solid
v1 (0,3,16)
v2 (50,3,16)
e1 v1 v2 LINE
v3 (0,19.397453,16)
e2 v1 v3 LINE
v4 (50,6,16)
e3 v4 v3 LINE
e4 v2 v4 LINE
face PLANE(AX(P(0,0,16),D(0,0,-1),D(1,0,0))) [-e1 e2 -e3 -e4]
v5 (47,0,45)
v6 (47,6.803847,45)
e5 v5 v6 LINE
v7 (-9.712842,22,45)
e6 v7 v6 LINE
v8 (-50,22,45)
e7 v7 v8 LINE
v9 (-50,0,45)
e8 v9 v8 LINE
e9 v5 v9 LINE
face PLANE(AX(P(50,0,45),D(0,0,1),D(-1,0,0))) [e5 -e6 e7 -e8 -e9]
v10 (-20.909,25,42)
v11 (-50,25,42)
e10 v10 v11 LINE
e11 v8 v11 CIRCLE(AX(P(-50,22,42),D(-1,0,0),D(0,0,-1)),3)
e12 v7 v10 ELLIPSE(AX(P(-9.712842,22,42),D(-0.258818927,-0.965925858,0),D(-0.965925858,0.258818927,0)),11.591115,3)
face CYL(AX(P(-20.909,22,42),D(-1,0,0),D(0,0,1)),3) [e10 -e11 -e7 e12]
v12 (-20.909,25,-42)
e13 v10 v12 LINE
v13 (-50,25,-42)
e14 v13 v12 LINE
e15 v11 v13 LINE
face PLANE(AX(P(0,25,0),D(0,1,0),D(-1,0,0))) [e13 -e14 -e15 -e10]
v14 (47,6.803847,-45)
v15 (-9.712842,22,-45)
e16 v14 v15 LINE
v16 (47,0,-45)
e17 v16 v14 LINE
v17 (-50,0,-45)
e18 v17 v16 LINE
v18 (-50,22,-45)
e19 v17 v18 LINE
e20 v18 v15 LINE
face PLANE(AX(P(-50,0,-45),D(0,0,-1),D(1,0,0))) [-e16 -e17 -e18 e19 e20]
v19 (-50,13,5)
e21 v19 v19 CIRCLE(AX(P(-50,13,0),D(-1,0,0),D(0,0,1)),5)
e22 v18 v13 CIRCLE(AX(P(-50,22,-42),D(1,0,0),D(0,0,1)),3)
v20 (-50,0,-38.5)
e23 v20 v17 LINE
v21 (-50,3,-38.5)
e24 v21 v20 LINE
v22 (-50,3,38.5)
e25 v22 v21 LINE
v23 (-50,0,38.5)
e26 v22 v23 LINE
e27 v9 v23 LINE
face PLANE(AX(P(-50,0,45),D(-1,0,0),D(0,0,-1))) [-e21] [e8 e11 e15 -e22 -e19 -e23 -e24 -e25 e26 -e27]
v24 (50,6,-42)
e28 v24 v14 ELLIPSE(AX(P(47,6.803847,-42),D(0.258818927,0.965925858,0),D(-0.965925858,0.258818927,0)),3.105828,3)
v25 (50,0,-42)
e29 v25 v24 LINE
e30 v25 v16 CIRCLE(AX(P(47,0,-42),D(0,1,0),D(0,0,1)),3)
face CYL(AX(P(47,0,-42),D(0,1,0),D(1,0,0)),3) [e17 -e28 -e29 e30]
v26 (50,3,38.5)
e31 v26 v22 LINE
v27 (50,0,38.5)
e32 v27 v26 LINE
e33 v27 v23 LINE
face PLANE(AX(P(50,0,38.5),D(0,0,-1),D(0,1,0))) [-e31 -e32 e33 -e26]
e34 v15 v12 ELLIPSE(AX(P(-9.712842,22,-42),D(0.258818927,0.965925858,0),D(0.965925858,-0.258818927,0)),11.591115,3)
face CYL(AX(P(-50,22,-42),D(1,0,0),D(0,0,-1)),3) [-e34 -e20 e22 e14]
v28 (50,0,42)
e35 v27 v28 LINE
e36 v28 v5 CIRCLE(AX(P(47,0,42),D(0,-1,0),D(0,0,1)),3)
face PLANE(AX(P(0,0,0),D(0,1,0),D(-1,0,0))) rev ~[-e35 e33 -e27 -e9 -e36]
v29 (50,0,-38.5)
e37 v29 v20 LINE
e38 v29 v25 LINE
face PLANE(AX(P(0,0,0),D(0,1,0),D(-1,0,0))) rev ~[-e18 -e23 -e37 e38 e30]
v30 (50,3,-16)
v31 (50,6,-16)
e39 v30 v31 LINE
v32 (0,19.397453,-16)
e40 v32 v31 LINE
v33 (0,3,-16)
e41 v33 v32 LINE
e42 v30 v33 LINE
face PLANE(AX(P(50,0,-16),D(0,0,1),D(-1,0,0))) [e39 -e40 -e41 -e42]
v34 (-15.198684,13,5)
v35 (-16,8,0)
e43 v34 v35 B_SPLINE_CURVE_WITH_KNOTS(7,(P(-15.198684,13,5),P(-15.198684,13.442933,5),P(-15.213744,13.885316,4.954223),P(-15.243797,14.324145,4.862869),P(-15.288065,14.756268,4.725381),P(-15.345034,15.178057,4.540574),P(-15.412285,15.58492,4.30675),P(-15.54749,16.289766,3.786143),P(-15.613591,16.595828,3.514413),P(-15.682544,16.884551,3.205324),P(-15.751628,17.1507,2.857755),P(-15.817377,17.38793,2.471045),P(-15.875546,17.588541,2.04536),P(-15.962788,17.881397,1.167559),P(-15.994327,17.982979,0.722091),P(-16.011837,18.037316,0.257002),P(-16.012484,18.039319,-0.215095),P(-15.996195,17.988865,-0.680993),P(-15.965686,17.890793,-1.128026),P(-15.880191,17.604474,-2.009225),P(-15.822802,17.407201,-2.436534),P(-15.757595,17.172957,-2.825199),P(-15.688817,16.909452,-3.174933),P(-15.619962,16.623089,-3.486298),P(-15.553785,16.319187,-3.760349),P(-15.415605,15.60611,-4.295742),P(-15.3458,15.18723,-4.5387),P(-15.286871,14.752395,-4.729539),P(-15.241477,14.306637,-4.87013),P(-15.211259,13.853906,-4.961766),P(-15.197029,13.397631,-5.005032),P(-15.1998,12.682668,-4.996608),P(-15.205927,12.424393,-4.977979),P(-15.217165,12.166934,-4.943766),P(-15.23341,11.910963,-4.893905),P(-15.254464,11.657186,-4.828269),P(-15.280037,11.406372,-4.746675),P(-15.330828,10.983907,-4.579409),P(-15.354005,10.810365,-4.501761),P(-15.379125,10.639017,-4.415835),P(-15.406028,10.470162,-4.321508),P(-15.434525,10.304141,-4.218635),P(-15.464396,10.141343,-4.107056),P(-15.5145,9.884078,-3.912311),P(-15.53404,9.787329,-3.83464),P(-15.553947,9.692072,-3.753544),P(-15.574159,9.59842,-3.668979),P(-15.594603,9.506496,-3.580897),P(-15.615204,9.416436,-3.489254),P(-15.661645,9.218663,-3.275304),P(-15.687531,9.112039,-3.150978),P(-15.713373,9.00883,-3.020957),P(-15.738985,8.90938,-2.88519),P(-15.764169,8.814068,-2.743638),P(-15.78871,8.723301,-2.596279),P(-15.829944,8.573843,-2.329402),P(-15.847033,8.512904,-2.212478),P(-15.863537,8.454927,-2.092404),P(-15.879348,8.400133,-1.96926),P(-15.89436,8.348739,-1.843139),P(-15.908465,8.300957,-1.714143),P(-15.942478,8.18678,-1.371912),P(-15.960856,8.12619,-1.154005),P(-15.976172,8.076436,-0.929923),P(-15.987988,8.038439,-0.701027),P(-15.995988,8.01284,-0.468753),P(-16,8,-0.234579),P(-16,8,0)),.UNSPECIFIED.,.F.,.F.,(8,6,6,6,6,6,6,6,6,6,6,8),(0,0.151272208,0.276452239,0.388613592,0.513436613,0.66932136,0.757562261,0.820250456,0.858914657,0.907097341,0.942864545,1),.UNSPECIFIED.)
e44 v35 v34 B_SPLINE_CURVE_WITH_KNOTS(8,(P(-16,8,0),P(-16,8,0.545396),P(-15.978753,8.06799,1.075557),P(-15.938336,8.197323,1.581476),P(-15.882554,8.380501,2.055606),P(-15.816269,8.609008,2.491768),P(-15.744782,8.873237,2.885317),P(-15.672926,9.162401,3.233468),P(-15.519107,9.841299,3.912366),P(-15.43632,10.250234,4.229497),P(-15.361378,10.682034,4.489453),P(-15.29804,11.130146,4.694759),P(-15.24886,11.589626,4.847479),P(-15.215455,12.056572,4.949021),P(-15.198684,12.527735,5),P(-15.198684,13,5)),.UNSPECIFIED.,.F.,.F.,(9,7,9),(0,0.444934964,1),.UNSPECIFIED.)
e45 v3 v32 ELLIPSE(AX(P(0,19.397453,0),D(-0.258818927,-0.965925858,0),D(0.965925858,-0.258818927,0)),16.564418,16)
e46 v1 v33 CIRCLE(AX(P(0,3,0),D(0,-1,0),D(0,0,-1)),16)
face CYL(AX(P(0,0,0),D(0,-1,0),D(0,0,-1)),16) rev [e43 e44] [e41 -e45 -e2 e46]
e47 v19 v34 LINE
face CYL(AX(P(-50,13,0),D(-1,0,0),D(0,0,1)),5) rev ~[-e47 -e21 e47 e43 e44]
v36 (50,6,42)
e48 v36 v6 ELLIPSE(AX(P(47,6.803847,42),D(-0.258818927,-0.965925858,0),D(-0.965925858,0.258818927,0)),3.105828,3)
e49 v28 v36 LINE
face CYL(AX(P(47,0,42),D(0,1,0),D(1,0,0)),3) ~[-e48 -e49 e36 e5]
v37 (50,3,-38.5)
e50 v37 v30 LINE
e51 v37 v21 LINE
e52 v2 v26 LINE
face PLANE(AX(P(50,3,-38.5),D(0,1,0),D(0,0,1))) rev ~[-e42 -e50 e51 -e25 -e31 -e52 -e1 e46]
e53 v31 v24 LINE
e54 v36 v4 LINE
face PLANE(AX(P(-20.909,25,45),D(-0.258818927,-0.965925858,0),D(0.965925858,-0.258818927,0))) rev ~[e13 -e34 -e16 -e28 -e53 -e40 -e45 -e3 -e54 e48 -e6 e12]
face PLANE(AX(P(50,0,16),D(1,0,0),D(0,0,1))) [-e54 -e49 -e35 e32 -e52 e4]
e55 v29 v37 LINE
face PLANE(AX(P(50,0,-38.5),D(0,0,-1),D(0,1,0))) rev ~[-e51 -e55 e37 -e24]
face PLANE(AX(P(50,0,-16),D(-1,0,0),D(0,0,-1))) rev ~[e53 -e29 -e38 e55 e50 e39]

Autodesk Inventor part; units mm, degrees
ref_plane "YZ Plane" through (0, 0, 0) normal (1, 0, 0) x (0, 1, 0)
ref_plane "XZ Plane" through (0, 0, 0) normal (0, 1, 0) x (-1, 0, 0)
ref_plane "XY Plane" through (0, 0, 0) normal (0, 0, 1) x (1, 0, 0)
sketch "Sketch1" plane through (0, 0, 0) normal (0, 1, 0) x (-1, 0, 0)
  arc A0 (0, -16) -> (0, 16) centre (0, 0) ccw
  line L0 (0, 16) -> (-50, 16)
  line L1 (-50, 16) -> (-50, -16)
  line L2 (-50, -16) -> (0, -16)
  line L3 (-50, 0) -> (-50, -45)
  line L4 (-50, -45) -> (-50, 45)
  line L5 (-50, 45) -> (50, 45)
  line L6 (50, 45) -> (50, -45)
  line L7 (50, -45) -> (-50, -45)
  dimension "d1" = 32
  dimension "d2" = 50
  dimension "d3" = 45
  dimension "d4" = 90
  dimension "d5" = 100
extrude "Extrusion1" add sketch "Sketch1" along normal blind 25 contours A0 L0 L4 L5 L6 L7 L3 L2
sketch "Sketch2" plane through (-50, 0, 45) normal (0, 0, 1) x (1, 0, 0)
  line L0 (0, 0) -> (100, 0)
  line L1 (50, 0) -> (100, 0) projected
  line L2 (100, 0) -> (100, 6)
  line L3 (100, 0) -> (100, 25) projected
  line L4 (0, 0) -> (0, 25)
  line L5 (0, 25) -> (29.091, 25)
  line L6 (0, 25) -> (100, 25) projected
  line L7 (29.091, 25) -> (100, 6)
  line L8 (29.091, 25) -> (100, 25)
  line L9 (100, 25) -> (100, 6)
  dimension "d8" = 6
extrude "Extrusion2" cut sketch "Sketch2" against normal through all contours L6 L3 L7
sketch "Sketch3" plane through (50, 0, 45) normal (1, 0, 0) x (0, 0, -1)
  line L0 (45, 0) -> (83.5, 0)
  line L1 (90, 0) -> (0, 0) projected
  line L2 (45, 0) -> (6.5, 0)
  line L3 (0, 0) -> (29, 0) projected
  line L4 (83.5, 0) -> (83.5, 3)
  line L5 (83.5, 3) -> (6.5, 3)
  line L6 (6.5, 0) -> (6.5, 3)
  dimension "d12" = 38.5
  dimension "d13" = 38.5
  dimension "d14" = 3
extrude "Extrusion3" cut sketch "Sketch3" against normal through all
sketch "Sketch4" plane through (-50, 0, 45) normal (-1, 0, 0) x (0, 0, 1)
  line L0 (-45, 0) -> (-45, 13)
  circle A0 centre (-45, 13) radius 5
  dimension "d17" = 13
  dimension "d18" = 10
extrude "Extrusion4" cut sketch "Sketch4" against normal through all
fillet "Fillet1" radius 3 4 edges at (-35.4545, 25, 45) (-35.4545, 25, -45) (50, 3, 45) (50, 3, -45)
equation "\"BendRadius\" = Thickness"
equation "\"BendReliefWidth\" = Thickness"
equation "\"BendReliefDepth\" = 0.5 * Thickness"
equation "\"CornerReliefSize\" = 4 * Thickness"
equation "\"MinimumRemnant\" = 2 * Thickness"
equation "\"TransitionRadius\" = BendRadius"
equation "\"JacobiRadiusSize\" = BendRadius"
equation "\"GapSize\" = Thickness"
equation "\"Thickness\" = 0.5"
properties part number "Sliding Block"
